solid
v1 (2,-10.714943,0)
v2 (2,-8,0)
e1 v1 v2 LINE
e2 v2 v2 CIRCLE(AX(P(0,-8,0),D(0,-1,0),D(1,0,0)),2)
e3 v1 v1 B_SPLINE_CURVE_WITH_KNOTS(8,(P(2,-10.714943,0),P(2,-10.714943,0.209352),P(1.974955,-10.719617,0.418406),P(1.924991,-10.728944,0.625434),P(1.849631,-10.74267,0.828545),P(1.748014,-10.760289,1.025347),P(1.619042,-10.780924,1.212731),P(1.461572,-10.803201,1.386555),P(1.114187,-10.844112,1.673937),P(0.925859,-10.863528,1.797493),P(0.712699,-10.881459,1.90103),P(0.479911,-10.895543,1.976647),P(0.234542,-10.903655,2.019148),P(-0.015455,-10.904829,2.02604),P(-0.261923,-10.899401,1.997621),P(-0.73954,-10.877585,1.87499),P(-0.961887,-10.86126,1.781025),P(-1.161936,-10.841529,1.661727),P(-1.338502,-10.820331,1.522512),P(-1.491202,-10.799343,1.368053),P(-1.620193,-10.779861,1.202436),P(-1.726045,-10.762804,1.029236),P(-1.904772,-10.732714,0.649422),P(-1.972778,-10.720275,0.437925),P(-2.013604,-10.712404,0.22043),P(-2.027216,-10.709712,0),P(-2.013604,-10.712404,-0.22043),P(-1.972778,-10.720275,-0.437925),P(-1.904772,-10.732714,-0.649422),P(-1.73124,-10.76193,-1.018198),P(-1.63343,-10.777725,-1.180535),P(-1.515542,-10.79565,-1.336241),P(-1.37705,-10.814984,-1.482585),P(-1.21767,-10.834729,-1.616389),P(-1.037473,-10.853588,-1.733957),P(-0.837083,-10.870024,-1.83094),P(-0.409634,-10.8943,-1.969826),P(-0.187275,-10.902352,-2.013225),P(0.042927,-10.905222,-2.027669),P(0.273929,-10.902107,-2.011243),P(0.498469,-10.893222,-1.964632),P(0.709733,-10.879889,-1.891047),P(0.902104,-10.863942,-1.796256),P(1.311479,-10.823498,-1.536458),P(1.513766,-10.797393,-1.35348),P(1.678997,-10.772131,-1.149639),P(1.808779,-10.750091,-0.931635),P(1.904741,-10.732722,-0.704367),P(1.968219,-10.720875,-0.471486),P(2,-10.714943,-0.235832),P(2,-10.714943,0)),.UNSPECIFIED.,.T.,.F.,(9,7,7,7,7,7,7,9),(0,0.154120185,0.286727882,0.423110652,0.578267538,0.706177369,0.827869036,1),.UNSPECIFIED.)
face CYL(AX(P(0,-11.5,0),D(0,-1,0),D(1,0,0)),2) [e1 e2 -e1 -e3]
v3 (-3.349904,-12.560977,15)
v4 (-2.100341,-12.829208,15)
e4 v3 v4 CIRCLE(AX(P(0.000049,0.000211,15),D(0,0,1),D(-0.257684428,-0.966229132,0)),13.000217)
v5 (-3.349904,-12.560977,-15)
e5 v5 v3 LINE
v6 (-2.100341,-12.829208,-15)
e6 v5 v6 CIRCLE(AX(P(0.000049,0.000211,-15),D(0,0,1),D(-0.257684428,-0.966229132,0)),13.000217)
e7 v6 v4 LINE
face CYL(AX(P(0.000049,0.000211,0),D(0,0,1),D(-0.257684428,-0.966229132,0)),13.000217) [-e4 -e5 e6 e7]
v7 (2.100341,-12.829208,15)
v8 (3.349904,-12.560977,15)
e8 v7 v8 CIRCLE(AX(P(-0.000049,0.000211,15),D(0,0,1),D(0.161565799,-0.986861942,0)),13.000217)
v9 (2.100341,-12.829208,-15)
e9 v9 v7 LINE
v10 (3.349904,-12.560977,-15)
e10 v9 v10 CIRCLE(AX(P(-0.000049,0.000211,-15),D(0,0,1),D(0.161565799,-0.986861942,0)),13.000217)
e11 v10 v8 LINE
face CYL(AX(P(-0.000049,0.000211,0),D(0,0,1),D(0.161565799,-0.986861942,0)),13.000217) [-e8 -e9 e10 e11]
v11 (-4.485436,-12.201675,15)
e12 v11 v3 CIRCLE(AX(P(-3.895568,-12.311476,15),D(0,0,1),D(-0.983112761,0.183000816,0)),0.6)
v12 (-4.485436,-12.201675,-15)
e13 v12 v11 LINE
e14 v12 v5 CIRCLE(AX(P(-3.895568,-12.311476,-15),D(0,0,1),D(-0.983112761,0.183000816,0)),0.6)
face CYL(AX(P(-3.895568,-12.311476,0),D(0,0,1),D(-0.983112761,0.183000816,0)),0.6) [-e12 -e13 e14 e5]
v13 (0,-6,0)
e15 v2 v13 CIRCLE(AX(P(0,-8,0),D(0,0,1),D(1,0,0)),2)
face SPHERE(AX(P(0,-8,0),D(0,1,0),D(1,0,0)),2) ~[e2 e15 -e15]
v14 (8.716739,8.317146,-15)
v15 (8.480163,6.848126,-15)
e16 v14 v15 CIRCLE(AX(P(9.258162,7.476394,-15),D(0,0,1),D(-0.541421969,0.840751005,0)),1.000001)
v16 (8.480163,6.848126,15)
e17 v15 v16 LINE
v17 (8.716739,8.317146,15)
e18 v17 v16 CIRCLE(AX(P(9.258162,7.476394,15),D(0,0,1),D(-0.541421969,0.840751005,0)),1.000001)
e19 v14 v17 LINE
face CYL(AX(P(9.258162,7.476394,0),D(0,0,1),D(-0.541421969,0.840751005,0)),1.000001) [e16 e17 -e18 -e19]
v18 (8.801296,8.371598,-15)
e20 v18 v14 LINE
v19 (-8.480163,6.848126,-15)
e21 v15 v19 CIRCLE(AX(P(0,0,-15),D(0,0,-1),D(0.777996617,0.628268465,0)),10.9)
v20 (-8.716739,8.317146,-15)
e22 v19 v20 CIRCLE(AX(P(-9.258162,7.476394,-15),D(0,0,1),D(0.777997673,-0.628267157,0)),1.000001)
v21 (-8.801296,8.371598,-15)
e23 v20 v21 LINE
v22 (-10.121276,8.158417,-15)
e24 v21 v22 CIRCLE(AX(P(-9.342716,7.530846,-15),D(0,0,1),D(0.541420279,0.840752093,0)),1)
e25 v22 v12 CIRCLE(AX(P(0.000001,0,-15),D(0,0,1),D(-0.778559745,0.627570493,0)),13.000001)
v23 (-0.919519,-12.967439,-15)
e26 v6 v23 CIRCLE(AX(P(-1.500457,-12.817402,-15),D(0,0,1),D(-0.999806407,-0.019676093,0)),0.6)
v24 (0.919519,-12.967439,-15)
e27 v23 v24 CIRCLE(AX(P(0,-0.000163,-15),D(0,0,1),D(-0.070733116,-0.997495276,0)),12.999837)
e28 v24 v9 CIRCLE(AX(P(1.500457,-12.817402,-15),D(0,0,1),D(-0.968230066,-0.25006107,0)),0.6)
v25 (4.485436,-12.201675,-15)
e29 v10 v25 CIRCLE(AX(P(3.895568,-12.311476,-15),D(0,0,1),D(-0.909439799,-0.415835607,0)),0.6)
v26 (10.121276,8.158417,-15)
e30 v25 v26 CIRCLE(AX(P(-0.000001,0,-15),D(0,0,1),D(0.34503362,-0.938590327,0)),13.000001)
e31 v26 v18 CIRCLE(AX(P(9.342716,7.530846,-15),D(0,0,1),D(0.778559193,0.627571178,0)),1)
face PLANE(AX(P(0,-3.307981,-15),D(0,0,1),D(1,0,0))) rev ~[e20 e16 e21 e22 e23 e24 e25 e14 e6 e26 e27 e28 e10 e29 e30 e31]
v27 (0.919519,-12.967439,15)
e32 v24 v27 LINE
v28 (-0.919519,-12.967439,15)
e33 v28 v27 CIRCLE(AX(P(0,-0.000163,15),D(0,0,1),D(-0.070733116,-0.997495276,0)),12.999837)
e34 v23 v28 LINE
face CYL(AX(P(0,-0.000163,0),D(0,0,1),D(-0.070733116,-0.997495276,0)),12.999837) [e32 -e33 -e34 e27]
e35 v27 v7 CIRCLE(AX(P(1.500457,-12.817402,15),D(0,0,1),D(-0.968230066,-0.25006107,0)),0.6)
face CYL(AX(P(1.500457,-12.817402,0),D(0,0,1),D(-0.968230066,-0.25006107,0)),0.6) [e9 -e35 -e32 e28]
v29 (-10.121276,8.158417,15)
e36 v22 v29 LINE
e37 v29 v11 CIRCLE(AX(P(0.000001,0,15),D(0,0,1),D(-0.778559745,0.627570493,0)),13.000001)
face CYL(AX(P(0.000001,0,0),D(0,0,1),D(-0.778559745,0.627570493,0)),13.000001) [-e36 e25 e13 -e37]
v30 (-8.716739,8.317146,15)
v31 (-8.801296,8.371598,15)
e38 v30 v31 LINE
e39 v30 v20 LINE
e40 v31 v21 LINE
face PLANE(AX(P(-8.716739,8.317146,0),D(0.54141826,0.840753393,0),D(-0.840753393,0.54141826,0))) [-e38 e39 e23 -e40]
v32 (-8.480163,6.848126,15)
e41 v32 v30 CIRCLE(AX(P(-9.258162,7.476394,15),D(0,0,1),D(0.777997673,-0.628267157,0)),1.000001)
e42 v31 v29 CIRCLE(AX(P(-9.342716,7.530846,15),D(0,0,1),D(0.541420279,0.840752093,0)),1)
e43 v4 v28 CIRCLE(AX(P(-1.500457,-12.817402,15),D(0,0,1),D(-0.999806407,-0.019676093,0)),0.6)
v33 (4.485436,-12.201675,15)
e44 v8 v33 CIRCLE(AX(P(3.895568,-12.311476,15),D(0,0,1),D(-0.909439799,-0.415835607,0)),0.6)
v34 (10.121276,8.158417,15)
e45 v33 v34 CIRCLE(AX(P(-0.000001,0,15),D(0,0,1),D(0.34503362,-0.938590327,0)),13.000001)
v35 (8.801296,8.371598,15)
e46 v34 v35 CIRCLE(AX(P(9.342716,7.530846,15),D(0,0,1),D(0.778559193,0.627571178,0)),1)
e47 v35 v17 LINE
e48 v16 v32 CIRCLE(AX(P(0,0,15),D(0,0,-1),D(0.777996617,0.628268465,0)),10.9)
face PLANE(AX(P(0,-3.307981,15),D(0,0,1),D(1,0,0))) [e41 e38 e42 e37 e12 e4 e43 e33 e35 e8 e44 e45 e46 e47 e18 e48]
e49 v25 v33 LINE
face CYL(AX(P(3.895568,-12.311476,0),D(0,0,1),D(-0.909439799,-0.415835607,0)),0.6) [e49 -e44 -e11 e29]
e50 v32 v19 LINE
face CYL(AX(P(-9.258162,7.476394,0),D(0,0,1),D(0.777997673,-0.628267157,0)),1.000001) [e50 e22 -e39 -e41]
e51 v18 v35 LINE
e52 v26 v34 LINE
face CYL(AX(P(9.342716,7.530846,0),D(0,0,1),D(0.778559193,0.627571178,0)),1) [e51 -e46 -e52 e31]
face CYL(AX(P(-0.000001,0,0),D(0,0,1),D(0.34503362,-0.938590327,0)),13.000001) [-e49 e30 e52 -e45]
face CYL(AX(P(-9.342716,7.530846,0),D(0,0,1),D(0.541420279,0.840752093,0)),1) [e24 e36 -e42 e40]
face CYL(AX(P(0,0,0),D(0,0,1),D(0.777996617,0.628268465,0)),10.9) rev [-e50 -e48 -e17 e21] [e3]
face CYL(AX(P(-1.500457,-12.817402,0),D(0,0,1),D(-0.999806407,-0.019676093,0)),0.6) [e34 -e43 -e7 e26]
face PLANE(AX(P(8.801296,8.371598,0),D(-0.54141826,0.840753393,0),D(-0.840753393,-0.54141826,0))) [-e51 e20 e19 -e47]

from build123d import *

# Parameters (mm, degrees)
F1_DEPTH      = 15
F1_DEPTH_BACK = 15
F3_R          = 2
F4_DEPTH      = 5.5
F5_R          = 2


with BuildPart() as f1:
    # F0 (on Top) → F1 (new body, two sides)
    with BuildSketch(Plane.XY) as f1_sk:
        with BuildLine():
            ThreePointArc((-8.801296, 8.371598), (-9.502154, 8.518054), (-10.121276, 8.158417))
            ThreePointArc((-10.121276, 8.158417), (-12.52886, -3.468091), (-4.485436, -12.201675))
            ThreePointArc((-4.485436, -12.201675), (-4.076574, -12.883522), (-3.349904, -12.560977))
            ThreePointArc((-3.349904, -12.560977), (-2.728421, -12.710457), (-2.100341, -12.829208))
            ThreePointArc((-2.100341, -12.829208), (-1.570219, -13.413333), (-0.919519, -12.967439))
            ThreePointArc((-0.919519, -12.967439), (0, -13), (0.919519, -12.967439))
            ThreePointArc((0.919519, -12.967439), (1.570219, -13.413333), (2.100341, -12.829208))
            ThreePointArc((2.100341, -12.829208), (2.728421, -12.710457), (3.349904, -12.560977))
            ThreePointArc((3.349904, -12.560977), (4.076574, -12.883522), (4.485436, -12.201675))
            ThreePointArc((4.485436, -12.201675), (12.52886, -3.468091), (10.121276, 8.158417))
            ThreePointArc((10.121276, 8.158417), (9.502154, 8.518054), (8.801296, 8.371598))
            Line((8.801296, 8.371598), (8.716739, 8.317146))
            ThreePointArc((8.716739, 8.317146), (8.270881, 7.635389), (8.480163, 6.848126))
            ThreePointArc((8.480163, 6.848126), (0, -10.9), (-8.480163, 6.848126))
            ThreePointArc((-8.480163, 6.848126), (-8.270881, 7.635389), (-8.716739, 8.317146))
            Line((-8.716739, 8.317146), (-8.801296, 8.371598))
        make_face()
    extrude(amount=F1_DEPTH)
    extrude(f1_sk.sketch, amount=-F1_DEPTH_BACK)

    # F3 (on offset) → F4 (join)
    with BuildSketch(Plane.XZ.offset(11.5)):
        Circle(F3_R)
    extrude(amount=-F4_DEPTH)

    # F5
    f5_edges = [f1.edges().sort_by_distance(p)[0] for p in [
        (-2, -6, 0),
    ]]
    fillet(f5_edges, radius=F5_R)


solid = f1.part
